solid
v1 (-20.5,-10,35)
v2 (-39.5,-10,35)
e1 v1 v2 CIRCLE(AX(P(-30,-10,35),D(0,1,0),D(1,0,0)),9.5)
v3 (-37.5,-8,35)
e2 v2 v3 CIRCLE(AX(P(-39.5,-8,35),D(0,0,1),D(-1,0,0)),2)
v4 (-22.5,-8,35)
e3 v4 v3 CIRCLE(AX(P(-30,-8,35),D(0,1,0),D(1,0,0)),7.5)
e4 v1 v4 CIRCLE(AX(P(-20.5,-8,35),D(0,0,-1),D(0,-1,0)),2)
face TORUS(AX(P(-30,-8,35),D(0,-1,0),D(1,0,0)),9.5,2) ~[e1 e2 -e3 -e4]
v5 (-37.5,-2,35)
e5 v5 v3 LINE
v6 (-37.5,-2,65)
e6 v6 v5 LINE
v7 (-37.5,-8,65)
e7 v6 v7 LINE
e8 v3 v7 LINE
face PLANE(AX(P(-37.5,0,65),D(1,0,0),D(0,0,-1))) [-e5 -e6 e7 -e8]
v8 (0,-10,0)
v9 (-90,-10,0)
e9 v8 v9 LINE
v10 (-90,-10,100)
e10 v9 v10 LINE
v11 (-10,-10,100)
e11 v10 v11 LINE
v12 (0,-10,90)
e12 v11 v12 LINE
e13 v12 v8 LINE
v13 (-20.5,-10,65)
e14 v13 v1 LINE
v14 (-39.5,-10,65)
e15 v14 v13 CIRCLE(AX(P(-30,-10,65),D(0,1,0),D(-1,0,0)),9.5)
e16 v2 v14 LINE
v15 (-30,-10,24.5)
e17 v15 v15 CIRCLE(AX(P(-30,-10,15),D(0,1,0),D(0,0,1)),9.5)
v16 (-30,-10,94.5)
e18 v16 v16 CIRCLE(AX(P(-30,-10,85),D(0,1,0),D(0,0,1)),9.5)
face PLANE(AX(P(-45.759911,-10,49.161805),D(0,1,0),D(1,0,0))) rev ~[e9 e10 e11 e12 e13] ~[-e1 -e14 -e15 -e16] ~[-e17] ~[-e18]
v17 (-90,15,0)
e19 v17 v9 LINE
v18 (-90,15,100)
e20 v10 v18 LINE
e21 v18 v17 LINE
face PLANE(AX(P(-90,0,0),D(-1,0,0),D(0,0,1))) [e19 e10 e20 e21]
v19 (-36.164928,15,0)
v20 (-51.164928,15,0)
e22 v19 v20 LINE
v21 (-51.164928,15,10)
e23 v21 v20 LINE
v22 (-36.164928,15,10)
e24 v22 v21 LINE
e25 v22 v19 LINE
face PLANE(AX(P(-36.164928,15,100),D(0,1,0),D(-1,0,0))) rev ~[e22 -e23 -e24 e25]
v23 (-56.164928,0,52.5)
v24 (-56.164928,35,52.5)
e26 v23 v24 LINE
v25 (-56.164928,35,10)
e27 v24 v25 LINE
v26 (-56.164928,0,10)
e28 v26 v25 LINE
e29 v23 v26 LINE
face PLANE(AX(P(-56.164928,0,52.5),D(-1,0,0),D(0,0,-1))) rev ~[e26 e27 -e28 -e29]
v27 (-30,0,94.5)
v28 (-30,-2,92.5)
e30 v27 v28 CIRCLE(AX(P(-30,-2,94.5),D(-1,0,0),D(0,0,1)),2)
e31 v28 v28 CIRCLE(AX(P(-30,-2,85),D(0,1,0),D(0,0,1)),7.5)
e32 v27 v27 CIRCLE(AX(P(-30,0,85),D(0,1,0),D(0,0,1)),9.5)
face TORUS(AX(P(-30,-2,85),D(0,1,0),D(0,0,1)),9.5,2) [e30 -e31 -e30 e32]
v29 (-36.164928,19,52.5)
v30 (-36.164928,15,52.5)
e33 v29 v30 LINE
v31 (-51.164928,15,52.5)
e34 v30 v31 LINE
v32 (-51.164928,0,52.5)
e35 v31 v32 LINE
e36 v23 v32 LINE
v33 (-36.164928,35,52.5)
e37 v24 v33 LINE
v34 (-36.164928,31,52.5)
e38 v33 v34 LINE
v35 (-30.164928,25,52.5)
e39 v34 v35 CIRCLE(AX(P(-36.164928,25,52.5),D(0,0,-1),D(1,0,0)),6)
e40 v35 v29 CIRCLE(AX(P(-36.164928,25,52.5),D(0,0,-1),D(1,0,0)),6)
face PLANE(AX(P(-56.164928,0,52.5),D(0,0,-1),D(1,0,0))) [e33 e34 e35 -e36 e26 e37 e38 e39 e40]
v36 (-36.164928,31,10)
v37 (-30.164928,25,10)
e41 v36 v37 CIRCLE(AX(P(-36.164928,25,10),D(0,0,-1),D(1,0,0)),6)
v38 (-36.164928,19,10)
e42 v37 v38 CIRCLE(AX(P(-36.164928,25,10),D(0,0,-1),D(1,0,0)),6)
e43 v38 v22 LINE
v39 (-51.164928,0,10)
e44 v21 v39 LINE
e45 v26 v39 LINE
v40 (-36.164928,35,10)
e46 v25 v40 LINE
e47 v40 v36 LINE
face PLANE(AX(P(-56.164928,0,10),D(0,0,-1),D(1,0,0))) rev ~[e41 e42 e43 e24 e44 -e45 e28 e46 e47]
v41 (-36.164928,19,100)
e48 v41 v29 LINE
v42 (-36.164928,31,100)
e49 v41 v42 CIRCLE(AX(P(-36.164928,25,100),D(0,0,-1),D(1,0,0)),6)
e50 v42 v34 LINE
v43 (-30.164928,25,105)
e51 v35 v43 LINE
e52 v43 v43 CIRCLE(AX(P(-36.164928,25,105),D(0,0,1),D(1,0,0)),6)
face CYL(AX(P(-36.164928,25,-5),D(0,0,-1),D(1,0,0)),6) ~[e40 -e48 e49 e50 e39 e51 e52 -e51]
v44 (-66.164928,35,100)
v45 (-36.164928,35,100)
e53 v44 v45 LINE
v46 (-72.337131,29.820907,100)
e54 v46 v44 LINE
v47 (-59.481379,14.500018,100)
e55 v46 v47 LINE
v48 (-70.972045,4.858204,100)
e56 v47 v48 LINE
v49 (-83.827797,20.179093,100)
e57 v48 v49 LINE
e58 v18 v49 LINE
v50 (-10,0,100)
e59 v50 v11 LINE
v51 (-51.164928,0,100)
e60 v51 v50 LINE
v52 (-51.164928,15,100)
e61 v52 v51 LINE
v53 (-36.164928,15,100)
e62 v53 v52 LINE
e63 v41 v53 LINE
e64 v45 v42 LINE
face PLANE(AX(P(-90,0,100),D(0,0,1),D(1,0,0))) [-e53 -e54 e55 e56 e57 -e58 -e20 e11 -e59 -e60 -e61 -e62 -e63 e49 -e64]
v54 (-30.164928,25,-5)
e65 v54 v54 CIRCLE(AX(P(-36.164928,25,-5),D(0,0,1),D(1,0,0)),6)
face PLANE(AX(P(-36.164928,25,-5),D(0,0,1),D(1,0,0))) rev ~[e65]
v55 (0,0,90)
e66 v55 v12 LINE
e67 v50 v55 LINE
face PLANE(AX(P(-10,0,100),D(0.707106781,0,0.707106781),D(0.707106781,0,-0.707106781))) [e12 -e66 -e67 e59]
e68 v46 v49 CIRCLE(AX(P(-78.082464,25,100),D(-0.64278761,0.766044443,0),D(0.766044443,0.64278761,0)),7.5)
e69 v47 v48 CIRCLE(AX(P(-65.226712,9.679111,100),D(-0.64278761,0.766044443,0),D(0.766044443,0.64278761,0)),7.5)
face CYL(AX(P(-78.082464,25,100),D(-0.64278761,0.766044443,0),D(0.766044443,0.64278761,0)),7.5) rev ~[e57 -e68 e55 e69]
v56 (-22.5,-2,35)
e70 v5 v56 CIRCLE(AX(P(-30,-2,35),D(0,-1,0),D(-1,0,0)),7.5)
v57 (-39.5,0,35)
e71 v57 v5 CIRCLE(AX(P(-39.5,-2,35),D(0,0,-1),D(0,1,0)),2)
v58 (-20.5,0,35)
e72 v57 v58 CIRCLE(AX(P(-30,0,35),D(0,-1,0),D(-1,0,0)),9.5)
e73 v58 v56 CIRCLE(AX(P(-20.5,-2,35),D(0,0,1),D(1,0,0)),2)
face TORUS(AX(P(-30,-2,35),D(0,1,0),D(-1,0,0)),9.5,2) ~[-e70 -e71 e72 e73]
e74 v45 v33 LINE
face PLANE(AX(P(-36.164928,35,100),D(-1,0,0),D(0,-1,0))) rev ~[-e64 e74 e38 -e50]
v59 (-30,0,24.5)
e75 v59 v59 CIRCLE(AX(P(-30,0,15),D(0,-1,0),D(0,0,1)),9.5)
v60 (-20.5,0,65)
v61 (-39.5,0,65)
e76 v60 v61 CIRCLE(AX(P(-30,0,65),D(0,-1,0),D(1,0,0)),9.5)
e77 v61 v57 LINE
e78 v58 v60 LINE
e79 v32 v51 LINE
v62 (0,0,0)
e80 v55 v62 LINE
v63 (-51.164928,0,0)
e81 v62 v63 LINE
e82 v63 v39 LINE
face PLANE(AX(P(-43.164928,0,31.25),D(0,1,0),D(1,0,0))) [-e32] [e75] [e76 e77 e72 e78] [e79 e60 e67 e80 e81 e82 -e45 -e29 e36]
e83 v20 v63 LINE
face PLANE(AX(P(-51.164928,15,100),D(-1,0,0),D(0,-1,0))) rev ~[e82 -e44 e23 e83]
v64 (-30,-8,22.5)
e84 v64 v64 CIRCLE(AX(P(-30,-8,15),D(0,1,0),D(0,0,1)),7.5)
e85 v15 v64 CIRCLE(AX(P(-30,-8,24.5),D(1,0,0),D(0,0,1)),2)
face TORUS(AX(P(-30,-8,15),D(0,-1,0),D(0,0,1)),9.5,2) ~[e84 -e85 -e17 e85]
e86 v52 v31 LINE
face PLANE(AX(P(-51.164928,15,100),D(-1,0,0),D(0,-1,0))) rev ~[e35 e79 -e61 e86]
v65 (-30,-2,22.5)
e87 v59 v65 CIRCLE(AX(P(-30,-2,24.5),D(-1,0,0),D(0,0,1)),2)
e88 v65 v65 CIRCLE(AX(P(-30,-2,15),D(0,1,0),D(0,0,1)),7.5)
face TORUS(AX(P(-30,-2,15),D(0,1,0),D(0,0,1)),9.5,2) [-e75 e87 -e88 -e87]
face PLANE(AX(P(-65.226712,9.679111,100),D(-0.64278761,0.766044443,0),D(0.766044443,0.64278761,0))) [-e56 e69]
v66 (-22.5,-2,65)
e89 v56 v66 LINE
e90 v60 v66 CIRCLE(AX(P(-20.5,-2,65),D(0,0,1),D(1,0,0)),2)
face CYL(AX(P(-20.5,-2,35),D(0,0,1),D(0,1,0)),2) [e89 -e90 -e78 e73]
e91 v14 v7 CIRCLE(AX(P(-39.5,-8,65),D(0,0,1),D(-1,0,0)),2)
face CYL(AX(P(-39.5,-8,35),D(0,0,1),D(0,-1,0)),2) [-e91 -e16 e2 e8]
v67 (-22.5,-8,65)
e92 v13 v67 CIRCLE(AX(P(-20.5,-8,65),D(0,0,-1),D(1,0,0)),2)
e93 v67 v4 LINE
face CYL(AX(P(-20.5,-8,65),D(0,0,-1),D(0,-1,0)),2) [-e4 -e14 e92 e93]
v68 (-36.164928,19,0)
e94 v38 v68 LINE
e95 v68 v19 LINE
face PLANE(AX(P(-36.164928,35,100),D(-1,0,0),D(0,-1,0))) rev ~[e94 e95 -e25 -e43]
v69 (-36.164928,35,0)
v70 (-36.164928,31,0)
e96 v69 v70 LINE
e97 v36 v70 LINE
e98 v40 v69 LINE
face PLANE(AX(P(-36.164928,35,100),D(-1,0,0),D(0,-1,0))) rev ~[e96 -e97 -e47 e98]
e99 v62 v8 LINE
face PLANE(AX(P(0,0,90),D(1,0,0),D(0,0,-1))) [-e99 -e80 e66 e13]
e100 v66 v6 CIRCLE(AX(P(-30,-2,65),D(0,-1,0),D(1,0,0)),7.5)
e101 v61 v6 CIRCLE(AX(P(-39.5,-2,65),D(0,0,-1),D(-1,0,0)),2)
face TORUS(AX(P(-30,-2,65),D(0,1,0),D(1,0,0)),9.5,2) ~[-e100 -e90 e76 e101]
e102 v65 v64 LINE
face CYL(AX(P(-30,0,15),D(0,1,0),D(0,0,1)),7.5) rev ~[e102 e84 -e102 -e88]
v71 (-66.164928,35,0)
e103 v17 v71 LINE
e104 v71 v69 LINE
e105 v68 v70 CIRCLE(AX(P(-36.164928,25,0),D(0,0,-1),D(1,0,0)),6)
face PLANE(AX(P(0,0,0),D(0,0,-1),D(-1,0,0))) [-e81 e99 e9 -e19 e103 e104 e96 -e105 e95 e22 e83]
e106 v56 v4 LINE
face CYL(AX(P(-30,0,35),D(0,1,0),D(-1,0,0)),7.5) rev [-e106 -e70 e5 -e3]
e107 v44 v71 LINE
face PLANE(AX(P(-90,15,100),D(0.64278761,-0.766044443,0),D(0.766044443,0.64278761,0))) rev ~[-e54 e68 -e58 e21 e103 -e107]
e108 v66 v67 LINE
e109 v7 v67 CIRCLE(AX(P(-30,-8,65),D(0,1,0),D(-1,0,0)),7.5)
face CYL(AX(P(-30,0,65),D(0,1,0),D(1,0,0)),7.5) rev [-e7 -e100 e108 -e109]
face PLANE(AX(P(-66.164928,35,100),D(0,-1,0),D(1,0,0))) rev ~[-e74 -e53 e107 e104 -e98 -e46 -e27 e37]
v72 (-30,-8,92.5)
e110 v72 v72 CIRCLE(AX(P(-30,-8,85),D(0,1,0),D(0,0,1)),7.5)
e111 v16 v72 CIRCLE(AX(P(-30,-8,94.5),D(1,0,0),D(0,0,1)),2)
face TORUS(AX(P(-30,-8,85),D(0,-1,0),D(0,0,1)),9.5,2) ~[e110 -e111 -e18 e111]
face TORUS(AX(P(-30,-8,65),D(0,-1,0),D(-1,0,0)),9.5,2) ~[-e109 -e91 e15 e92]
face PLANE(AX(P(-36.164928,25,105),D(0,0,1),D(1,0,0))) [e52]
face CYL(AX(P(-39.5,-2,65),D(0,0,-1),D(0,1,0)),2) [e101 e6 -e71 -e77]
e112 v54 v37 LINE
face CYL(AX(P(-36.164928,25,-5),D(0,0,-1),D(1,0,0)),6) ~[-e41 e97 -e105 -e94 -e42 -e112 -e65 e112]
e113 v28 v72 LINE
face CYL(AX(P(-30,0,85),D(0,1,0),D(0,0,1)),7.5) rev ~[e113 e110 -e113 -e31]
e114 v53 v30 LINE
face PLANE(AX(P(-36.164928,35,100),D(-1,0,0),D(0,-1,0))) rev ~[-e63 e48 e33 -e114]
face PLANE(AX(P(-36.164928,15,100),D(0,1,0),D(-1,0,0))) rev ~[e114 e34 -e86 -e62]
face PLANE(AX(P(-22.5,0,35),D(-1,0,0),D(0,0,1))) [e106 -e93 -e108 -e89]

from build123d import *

# Parameters (mm, degrees)
BOSS_EXTRUDE1_DEPTH      = 10
SKETCH2_R                = 7.5
CUT_EXTRUDE1_DEPTH       = 135.907375632
FILLET1_R                = 2
BOSS_EXTRUDE2_DEPTH      = 100
BOSS_EXTRUDE3_DEPTH      = 5
BOSS_EXTRUDE3_DEPTH_BACK = 105
SKETCH4_R                = 6
CUT_EXTRUDE2_DEPTH       = 146.430395722
CUT_EXTRUDE2_DEPTH_BACK  = 35
SKETCH5_W                = 26
SKETCH5_H                = 42.5
SKETCH6_R                = 7.5
CUT_EXTRUDE3_DEPTH       = 20


with BuildPart() as part:
    # Sketch1 → Boss-Extrude1 (new body)
    with BuildSketch(Plane(origin=(0, 0, 0), x_dir=(1, 0, 0), z_dir=(0, 1, 0))):
        Polygon((-90, -100), (-10, -100), (0, -90), (0, 0), (-90, 0), align=None)
    extrude(amount=-BOSS_EXTRUDE1_DEPTH)

    # Sketch2 → Cut-Extrude1 (cut, through all)
    with BuildSketch(Plane(origin=(0, 0, 0), x_dir=(1, 0, 0), z_dir=(0, 1, 0))):
        with Locations(Location((-30, -15, 0), (0, 0, 270))):
            Circle(SKETCH2_R)
        with Locations(Location((-30, -85, 0), (0, 0, 270))):
            Circle(SKETCH2_R)
        with BuildLine():
            Line((-37.5, -65), (-37.5, -35))
            ThreePointArc((-37.5, -35), (-30, -27.5), (-22.5, -35))
            Line((-22.5, -35), (-22.5, -65))
            ThreePointArc((-22.5, -65), (-30, -72.5), (-37.5, -65))
        make_face()
    extrude(amount=-CUT_EXTRUDE1_DEPTH, mode=Mode.SUBTRACT)

    # Fillet1
    fillet1_edges = [part.edges().sort_by_distance(p)[0] for p in [
        (-30, -10, 7.5),
        (-30, 0, 7.5),
        (-30, -10, 77.5),
        (-30, 0, 77.5),
        (-30, -10, 72.5),
        (-37.5, -10, 50),
        (-30, -10, 27.5),
        (-22.5, -10, 50),
        (-30, 0, 72.5),
        (-22.5, 0, 50),
        (-30, 0, 27.5),
        (-37.5, 0, 50),
    ]]
    fillet(fillet1_edges, radius=FILLET1_R)

    # Sketch3 → Boss-Extrude2 (add, through all)
    with BuildSketch(Plane.XY.offset(100)):
        Polygon((-90, -10), (-90, 15), (-66.164928148, 35), (-36.164928148, 35), (-36.164928148, 15), (-51.164928148, 15), (-51.164928148, -10), align=None)
    extrude(amount=-BOSS_EXTRUDE2_DEPTH)

    # Sketch4 → Boss-Extrude3 (add, two sides: drawn at the far end of the back side and taken through both)
    with BuildSketch(Plane.XY.offset(100).offset(-BOSS_EXTRUDE3_DEPTH_BACK)):
        with Locations((-36.164928148, 25)):
            Circle(SKETCH4_R)
    extrude(amount=BOSS_EXTRUDE3_DEPTH + BOSS_EXTRUDE3_DEPTH_BACK)

    # Sketch5 → Cut-Extrude2 (cut, two sides: drawn at the far end of the back side and taken through both)
    with BuildSketch(Plane(origin=(0, 35, 0), x_dir=(1, 0, 0), z_dir=(0, 1, 0)).offset(-CUT_EXTRUDE2_DEPTH_BACK)):
        with Locations((-43.164928148, -31.25)):
            Rectangle(SKETCH5_W, SKETCH5_H)
    extrude(amount=CUT_EXTRUDE2_DEPTH + CUT_EXTRUDE2_DEPTH_BACK, mode=Mode.SUBTRACT)

    # Sketch6 → Cut-Extrude3 (cut)
    with BuildSketch(Plane(origin=(-44.571890153, 53.118710218, 0), x_dir=(0.7660444431189795, 0.6427876096865378, 0), z_dir=(-0.6427876096865378, 0.7660444431189795, 0))):
        with Locations((-43.744947467, -100)):
            Circle(SKETCH6_R)
    extrude(amount=-CUT_EXTRUDE3_DEPTH, mode=Mode.SUBTRACT)


solid = part.part
